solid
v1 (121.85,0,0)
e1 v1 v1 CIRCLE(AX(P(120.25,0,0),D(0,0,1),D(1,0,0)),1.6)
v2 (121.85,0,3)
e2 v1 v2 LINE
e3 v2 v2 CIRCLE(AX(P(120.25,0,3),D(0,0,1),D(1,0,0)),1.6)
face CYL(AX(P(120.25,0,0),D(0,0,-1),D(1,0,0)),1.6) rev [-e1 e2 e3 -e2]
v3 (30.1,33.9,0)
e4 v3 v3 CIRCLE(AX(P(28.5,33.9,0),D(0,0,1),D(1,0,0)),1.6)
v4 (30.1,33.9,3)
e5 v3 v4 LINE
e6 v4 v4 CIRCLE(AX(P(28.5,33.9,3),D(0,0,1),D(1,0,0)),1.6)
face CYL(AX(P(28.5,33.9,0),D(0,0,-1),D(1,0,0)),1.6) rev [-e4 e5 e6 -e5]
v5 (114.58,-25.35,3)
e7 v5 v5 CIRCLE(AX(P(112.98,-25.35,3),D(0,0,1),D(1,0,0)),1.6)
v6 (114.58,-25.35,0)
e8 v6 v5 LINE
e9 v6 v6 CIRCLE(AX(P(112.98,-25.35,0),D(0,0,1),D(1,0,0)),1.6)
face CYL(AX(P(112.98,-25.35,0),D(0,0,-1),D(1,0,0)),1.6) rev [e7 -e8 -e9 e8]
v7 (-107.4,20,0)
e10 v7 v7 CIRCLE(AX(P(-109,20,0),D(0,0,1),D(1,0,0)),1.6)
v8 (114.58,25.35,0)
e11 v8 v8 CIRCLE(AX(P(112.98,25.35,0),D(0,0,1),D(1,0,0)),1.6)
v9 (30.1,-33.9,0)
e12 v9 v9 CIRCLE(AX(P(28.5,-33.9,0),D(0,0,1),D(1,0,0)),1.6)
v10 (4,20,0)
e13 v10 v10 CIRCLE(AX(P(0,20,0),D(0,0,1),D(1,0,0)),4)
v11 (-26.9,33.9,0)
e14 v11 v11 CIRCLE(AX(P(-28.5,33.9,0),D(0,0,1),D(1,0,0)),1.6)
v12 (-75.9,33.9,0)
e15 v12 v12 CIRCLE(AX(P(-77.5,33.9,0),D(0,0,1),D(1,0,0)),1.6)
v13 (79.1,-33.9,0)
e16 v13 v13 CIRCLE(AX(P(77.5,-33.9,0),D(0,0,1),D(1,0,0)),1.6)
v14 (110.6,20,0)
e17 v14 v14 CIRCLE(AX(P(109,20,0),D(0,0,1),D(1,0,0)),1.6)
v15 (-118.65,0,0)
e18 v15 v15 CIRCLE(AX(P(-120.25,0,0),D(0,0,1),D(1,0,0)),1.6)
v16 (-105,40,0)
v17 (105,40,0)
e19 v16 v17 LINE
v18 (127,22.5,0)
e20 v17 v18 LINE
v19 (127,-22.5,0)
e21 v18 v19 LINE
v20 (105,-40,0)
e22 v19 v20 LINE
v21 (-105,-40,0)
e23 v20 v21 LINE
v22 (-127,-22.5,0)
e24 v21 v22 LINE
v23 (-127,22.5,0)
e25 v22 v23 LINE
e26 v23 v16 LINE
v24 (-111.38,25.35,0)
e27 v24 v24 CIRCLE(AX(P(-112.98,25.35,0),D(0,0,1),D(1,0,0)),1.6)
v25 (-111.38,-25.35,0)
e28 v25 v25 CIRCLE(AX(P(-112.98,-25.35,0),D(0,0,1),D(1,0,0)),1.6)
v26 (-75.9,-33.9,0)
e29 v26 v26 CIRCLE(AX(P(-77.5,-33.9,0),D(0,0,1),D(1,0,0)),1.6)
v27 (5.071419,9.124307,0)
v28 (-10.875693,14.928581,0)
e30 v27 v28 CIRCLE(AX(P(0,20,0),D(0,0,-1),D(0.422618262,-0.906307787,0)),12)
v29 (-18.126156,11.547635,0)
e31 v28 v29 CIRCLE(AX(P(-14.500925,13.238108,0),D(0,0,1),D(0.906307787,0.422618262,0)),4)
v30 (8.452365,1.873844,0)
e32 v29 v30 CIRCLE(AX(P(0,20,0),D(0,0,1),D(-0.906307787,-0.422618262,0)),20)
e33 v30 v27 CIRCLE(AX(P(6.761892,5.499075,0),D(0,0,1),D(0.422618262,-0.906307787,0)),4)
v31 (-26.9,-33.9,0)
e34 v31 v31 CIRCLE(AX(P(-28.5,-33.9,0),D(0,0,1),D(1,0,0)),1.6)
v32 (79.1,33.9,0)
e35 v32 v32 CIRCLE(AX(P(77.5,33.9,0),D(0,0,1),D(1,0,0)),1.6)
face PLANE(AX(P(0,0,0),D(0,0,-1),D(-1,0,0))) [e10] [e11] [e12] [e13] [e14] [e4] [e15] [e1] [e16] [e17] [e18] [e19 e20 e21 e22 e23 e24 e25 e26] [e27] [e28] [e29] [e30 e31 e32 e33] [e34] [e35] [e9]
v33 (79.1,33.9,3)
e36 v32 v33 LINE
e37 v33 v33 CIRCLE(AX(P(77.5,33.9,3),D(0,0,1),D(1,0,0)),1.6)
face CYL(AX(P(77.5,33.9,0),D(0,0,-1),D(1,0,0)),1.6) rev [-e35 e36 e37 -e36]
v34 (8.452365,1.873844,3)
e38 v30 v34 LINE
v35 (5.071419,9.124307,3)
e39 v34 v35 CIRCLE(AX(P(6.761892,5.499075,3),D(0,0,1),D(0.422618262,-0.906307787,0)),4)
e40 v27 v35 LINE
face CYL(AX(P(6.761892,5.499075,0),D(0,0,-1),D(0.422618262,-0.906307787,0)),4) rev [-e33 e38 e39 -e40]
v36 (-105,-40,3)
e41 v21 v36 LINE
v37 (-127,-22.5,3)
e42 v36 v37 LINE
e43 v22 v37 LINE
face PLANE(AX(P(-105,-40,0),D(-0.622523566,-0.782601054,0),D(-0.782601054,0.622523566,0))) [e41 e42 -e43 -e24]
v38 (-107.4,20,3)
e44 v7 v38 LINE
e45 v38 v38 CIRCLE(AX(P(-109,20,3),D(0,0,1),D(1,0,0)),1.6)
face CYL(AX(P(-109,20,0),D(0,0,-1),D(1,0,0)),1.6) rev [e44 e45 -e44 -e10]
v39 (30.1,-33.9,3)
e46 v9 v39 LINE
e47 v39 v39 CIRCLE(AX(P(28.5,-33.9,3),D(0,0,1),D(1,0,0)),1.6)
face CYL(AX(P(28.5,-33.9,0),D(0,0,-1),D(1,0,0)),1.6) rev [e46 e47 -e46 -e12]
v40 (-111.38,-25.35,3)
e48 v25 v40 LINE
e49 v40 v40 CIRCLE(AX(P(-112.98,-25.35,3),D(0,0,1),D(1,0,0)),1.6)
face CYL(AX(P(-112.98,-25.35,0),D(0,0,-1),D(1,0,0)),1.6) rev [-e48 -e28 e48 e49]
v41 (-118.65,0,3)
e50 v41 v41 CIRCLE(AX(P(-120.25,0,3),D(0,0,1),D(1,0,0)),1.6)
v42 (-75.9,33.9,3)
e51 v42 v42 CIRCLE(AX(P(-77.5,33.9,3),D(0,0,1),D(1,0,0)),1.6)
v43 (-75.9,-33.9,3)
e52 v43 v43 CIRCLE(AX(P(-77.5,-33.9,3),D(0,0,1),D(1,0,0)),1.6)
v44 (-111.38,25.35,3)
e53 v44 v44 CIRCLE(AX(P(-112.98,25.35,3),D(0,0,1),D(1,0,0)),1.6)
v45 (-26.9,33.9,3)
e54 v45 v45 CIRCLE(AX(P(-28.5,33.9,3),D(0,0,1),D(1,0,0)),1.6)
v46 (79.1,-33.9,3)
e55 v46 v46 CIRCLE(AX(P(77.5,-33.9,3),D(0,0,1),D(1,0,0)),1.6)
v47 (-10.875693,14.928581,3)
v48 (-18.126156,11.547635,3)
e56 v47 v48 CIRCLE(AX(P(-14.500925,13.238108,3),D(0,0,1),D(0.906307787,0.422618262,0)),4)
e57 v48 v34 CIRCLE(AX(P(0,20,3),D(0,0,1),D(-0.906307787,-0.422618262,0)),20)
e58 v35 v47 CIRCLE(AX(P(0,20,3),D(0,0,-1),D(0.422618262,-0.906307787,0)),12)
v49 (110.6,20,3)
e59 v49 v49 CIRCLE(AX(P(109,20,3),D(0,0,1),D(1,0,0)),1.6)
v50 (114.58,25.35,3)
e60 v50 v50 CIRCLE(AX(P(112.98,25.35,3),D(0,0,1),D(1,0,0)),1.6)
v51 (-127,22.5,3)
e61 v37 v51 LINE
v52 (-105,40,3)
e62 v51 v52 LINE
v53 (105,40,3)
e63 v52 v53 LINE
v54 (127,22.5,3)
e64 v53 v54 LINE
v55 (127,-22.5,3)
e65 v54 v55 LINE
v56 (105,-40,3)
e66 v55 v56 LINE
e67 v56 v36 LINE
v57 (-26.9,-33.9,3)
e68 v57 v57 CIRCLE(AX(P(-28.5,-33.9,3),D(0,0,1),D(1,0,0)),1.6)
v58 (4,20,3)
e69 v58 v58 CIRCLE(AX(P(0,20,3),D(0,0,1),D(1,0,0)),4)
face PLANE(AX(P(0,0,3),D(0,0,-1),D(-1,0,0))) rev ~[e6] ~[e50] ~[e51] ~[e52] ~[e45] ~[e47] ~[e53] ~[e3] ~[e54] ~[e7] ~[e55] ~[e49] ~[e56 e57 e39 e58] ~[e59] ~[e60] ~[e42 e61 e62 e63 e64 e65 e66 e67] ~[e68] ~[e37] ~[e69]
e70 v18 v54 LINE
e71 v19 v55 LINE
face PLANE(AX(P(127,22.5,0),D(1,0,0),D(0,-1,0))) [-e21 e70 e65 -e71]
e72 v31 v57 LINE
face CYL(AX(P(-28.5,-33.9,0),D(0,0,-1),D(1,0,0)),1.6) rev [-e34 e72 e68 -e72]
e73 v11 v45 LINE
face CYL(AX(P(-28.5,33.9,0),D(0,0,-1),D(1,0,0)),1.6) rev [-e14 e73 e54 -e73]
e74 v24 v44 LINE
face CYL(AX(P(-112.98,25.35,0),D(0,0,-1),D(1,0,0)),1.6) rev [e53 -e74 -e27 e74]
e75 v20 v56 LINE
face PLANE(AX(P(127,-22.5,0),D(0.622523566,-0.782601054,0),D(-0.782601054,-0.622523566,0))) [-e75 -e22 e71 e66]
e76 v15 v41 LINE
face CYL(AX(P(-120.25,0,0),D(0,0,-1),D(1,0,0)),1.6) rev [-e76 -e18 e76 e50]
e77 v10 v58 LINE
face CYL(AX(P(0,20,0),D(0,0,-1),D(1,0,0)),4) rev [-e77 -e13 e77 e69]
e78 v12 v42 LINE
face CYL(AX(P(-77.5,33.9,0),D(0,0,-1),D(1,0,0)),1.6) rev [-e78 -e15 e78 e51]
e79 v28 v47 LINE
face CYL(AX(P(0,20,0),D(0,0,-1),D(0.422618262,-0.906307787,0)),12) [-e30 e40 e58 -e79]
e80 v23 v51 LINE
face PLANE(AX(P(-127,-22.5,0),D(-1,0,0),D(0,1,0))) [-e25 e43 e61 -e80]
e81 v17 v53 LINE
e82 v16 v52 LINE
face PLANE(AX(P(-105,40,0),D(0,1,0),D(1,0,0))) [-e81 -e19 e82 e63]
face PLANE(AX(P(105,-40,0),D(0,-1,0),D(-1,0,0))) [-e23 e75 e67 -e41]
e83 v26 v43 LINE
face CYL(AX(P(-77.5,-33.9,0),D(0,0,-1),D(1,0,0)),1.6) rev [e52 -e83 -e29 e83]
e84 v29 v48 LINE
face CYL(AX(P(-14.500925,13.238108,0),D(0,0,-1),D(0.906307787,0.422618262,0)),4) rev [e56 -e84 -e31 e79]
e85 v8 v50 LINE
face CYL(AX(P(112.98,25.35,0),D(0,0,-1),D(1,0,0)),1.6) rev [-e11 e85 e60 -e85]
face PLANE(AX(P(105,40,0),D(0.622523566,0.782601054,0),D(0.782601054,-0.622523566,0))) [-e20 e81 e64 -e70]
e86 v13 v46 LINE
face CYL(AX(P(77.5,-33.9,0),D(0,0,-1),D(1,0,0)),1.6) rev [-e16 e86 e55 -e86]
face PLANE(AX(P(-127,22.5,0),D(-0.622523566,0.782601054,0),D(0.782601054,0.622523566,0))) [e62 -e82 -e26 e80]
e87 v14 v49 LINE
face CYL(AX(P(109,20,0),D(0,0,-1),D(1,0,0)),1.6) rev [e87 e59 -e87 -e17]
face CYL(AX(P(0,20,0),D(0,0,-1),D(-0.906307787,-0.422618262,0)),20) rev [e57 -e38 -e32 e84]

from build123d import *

# Parameters (mm, degrees)
CROQUIS1_R              = 4
CROQUIS1_R_2            = 1.6
SALIENTE_EXTRUIR1_DEPTH = 3


with BuildPart() as part:
    # Croquis1 → Saliente-Extruir1 (new body)
    with BuildSketch(Plane.XY):
        Polygon((-127, 22.5), (-105, 40), (105, 40), (127, 22.5), (127, -22.5), (105, -40), (-105, -40), (-127, -22.5), align=None)
        with Locations((0, 20)):
            Circle(CROQUIS1_R, mode=Mode.SUBTRACT)
        with Locations((112.98, 25.35)):
            Circle(CROQUIS1_R_2, mode=Mode.SUBTRACT)
        with Locations((120.25, 0)):
            Circle(CROQUIS1_R_2, mode=Mode.SUBTRACT)
        with Locations((112.98, -25.35)):
            Circle(CROQUIS1_R_2, mode=Mode.SUBTRACT)
        with Locations((77.5, -33.9)):
            Circle(CROQUIS1_R_2, mode=Mode.SUBTRACT)
        with Locations((28.5, -33.9)):
            Circle(CROQUIS1_R_2, mode=Mode.SUBTRACT)
        with Locations((-28.5, -33.9)):
            Circle(CROQUIS1_R_2, mode=Mode.SUBTRACT)
        with Locations((-77.5, -33.9)):
            Circle(CROQUIS1_R_2, mode=Mode.SUBTRACT)
        with Locations((-112.98, -25.35)):
            Circle(CROQUIS1_R_2, mode=Mode.SUBTRACT)
        with Locations((-120.25, 0)):
            Circle(CROQUIS1_R_2, mode=Mode.SUBTRACT)
        with Locations((-112.98, 25.35)):
            Circle(CROQUIS1_R_2, mode=Mode.SUBTRACT)
        with Locations((-77.5, 33.9)):
            Circle(CROQUIS1_R_2, mode=Mode.SUBTRACT)
        with Locations((-28.5, 33.9)):
            Circle(CROQUIS1_R_2, mode=Mode.SUBTRACT)
        with Locations((28.5, 33.9)):
            Circle(CROQUIS1_R_2, mode=Mode.SUBTRACT)
        with Locations((77.5, 33.9)):
            Circle(CROQUIS1_R_2, mode=Mode.SUBTRACT)
        with Locations((-109, 20)):
            Circle(CROQUIS1_R_2, mode=Mode.SUBTRACT)
        with Locations((109, 20)):
            Circle(CROQUIS1_R_2, mode=Mode.SUBTRACT)
        with BuildLine():
            ThreePointArc((-18.126155741, 11.547634765), (-6.840402867, 1.206147584), (8.452365235, 1.873844259))
            ThreePointArc((8.452365235, 1.873844259), (10.387123336, 7.189548454), (5.071419141, 9.124306556))
            ThreePointArc((5.071419141, 9.124306556), (-4.10424172, 8.723688551), (-10.875693444, 14.928580859))
            ThreePointArc((-10.875693444, 14.928580859), (-16.19139764, 16.86333896), (-18.126155741, 11.547634765))
        make_face(mode=Mode.SUBTRACT)
    extrude(amount=SALIENTE_EXTRUIR1_DEPTH)


solid = part.part
